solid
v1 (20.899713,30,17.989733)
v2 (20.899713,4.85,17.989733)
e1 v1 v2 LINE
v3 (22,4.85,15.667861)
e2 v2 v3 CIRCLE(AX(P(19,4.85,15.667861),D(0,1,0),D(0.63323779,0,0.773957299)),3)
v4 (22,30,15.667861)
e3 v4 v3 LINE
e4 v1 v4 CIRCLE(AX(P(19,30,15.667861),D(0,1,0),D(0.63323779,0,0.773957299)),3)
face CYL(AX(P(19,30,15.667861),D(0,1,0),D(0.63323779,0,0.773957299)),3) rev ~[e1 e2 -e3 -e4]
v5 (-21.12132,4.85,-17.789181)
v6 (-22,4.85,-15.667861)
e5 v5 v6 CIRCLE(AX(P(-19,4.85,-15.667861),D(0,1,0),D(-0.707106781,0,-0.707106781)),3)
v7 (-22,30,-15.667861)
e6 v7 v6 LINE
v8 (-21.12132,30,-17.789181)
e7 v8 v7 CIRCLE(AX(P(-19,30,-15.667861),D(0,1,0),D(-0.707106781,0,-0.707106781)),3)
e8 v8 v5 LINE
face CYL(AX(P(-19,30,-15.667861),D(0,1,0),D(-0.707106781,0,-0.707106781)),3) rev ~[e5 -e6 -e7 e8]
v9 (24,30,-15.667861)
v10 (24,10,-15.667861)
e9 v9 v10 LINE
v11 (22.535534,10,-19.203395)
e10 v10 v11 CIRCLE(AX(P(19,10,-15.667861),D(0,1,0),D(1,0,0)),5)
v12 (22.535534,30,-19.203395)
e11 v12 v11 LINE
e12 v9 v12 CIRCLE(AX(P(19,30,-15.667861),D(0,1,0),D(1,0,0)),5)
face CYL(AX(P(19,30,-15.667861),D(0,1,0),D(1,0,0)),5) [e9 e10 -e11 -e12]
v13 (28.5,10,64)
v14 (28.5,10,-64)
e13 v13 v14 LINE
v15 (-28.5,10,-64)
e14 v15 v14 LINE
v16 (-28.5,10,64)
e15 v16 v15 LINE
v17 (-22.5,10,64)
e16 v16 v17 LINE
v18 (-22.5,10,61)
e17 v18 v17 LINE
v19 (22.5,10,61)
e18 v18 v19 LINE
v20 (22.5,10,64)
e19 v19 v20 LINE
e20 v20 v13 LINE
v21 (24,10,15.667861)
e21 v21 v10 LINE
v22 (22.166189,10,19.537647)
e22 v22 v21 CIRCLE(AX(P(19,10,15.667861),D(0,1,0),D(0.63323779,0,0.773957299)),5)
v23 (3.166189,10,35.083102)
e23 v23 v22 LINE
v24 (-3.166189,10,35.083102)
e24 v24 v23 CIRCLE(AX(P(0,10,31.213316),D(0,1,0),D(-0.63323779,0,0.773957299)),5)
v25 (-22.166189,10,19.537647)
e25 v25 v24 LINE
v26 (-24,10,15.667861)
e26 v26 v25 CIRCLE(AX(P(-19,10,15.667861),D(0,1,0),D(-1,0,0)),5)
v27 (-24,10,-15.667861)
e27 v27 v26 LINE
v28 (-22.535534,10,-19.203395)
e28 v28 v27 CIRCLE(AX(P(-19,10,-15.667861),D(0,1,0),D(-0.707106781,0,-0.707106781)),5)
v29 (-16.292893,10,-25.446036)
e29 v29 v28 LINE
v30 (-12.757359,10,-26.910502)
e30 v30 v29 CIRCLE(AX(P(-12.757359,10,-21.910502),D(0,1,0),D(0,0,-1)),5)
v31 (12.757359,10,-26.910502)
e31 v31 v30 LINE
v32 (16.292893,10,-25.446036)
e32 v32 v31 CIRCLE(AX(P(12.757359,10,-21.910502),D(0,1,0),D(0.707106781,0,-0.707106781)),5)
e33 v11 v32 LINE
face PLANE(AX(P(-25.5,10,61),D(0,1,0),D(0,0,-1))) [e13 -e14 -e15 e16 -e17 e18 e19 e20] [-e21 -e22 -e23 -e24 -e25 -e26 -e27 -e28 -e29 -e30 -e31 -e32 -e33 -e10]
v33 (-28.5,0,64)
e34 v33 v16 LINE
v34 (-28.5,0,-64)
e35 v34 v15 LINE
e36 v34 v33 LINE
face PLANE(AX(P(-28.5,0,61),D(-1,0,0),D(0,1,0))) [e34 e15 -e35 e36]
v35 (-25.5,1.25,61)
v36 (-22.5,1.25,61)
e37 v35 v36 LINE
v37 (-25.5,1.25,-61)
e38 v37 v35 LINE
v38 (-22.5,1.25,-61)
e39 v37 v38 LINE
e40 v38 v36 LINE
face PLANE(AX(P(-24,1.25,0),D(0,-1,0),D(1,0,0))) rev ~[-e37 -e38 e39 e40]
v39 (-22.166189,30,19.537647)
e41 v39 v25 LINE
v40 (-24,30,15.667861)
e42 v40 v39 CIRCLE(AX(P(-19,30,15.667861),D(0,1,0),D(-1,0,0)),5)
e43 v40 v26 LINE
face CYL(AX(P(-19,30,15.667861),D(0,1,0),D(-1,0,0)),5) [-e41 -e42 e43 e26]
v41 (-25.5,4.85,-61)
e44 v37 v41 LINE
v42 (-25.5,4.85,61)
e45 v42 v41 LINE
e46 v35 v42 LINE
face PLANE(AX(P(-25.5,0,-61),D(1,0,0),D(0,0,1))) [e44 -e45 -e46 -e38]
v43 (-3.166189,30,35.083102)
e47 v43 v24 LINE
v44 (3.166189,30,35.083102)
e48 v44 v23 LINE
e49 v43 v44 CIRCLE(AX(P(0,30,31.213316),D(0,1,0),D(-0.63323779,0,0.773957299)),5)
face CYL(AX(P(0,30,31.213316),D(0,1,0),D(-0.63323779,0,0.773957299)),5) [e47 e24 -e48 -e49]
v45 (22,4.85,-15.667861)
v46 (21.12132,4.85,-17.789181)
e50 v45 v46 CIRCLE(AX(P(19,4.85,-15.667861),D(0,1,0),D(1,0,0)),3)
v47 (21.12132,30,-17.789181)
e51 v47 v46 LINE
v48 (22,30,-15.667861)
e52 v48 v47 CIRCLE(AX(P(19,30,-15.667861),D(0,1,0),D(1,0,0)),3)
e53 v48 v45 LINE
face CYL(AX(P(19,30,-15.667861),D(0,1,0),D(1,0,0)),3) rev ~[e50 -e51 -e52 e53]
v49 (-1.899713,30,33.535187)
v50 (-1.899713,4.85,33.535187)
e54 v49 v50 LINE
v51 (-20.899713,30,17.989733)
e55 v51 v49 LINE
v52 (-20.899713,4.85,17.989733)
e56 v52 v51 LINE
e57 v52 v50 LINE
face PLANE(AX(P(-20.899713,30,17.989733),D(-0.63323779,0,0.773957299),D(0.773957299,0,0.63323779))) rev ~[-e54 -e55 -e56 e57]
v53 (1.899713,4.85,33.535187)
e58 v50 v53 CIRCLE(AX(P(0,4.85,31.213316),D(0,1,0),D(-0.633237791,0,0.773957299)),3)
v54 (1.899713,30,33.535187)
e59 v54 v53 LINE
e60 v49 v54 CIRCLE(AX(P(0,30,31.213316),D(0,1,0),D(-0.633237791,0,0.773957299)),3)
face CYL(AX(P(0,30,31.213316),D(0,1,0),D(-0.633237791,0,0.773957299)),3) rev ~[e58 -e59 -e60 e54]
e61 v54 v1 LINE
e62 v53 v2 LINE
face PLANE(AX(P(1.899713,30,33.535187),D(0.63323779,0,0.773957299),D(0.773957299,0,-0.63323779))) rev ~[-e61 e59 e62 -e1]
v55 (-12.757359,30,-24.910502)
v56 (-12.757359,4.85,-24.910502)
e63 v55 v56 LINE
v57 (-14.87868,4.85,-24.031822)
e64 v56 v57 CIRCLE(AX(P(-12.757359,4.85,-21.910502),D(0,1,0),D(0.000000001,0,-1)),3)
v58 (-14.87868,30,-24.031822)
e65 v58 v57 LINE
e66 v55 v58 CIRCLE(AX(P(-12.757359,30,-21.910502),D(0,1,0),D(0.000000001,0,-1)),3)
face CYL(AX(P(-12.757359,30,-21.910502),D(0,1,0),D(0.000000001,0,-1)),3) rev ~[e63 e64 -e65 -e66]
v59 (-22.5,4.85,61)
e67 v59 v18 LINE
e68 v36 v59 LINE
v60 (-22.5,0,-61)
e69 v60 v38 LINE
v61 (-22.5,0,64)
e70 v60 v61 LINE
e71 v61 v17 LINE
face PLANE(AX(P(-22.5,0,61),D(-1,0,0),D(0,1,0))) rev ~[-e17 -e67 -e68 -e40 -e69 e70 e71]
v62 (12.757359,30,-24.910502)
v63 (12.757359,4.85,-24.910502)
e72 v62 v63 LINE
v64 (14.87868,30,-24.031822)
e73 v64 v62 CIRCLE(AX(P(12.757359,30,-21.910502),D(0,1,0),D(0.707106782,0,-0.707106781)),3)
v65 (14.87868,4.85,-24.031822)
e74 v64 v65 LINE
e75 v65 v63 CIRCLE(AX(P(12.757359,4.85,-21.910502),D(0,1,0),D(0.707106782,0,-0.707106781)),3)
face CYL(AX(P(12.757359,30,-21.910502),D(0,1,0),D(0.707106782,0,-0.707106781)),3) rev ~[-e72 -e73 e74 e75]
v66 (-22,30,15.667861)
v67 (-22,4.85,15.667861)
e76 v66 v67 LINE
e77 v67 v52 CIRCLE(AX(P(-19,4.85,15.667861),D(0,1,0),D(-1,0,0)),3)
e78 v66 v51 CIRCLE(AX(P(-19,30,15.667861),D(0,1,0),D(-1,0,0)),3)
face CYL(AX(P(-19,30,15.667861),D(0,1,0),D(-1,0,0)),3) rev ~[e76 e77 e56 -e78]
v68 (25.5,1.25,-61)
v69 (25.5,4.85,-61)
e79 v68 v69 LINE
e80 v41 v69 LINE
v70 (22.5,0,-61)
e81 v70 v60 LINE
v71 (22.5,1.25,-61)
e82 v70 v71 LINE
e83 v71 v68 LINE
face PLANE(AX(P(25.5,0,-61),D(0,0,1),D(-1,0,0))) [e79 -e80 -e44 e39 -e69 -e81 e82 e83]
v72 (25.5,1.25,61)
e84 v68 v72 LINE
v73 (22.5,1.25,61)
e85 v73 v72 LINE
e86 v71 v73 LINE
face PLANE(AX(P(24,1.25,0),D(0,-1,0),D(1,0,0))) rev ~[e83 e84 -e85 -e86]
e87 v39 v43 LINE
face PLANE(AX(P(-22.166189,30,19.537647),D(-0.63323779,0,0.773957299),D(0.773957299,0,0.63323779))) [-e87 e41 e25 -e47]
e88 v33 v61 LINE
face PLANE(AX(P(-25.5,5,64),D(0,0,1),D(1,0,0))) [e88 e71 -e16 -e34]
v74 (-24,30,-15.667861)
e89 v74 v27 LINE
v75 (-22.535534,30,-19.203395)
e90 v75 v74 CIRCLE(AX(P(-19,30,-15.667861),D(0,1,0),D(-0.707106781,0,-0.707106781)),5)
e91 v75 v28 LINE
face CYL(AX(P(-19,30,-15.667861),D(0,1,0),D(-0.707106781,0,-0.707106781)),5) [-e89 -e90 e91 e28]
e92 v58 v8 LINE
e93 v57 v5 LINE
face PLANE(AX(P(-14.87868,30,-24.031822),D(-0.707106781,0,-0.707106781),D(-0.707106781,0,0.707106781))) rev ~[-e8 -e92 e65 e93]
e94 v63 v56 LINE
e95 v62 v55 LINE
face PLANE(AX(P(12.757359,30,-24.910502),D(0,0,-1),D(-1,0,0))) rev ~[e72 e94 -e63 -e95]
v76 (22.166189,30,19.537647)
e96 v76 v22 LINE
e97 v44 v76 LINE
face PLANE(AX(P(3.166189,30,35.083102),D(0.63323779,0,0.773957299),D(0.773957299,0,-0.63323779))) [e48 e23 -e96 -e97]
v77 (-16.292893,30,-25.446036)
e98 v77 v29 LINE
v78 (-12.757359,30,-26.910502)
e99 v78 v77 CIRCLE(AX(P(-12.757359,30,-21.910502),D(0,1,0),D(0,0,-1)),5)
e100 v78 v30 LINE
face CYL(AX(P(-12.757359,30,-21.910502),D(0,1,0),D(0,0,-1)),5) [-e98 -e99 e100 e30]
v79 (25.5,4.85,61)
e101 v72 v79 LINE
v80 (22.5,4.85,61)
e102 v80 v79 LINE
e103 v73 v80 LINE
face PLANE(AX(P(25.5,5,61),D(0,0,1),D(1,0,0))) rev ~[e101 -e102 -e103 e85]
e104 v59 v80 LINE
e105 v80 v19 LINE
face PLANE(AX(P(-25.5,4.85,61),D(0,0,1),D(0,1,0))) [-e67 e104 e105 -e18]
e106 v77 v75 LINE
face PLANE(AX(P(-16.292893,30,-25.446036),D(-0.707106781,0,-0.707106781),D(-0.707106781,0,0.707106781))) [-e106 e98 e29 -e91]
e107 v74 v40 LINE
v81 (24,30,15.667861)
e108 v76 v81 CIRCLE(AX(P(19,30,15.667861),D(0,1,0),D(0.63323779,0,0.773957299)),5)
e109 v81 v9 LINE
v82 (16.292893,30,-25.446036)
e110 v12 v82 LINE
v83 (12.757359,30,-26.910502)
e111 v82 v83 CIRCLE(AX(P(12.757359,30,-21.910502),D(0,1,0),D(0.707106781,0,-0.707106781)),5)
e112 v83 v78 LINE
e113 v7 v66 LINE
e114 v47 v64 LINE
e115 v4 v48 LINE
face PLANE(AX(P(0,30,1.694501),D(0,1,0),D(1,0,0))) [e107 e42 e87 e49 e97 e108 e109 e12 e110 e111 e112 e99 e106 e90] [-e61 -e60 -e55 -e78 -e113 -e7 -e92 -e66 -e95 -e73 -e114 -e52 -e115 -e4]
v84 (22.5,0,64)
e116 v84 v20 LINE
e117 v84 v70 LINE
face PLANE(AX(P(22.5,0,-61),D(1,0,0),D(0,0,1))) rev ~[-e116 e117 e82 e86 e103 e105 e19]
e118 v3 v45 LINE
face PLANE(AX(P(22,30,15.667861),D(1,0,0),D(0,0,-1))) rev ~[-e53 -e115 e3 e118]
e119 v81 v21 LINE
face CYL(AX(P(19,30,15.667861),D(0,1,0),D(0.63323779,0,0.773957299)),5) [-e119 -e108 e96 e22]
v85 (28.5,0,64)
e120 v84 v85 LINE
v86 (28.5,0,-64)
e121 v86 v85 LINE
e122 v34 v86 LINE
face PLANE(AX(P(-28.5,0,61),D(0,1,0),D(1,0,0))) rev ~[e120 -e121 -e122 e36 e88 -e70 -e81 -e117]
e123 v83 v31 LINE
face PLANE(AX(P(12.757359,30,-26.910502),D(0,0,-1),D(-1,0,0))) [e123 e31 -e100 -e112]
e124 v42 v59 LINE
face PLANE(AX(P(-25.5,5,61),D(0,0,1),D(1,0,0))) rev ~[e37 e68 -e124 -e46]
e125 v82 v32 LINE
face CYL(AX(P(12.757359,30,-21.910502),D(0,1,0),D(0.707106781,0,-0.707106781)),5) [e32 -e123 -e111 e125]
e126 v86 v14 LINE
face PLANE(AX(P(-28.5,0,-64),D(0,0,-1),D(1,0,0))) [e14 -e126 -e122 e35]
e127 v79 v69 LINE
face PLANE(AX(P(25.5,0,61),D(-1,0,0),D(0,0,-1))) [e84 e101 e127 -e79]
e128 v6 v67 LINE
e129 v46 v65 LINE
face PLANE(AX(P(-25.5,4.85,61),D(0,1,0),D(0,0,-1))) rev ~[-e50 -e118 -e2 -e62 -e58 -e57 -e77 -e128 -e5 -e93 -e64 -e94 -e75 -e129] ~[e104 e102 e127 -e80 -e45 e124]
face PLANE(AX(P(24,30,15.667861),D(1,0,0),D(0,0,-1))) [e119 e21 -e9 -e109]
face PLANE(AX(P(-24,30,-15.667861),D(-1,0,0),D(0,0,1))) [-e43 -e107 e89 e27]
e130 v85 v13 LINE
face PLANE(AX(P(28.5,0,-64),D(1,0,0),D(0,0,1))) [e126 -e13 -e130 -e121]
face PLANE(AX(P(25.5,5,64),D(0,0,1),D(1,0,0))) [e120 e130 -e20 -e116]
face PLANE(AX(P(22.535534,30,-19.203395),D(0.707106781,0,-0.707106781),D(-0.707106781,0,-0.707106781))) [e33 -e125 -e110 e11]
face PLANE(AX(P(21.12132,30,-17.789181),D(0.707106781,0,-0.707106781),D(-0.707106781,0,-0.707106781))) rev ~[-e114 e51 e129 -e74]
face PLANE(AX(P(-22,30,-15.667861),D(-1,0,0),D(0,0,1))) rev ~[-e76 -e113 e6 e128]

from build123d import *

# Parameters (mm, degrees)
BOSS_EXTRUDE1_DEPTH = 10
SKETCH2_W           = 3
SKETCH2_H           = 122
BOSS_EXTRUDE2_DEPTH = 1.25
SKETCH3_W           = 6
SKETCH3_H           = 10
BOSS_EXTRUDE3_DEPTH = 3
SKETCH4_W           = 122
SKETCH4_H           = 5.15
BOSS_EXTRUDE4_DEPTH = 52
CUT_EXTRUDE1_DEPTH  = 52
BOSS_EXTRUDE6_START = 20
BOSS_EXTRUDE6_DEPTH = 20


with BuildPart() as part:
    # Sketch1 → Boss-Extrude1 (new body)
    with BuildSketch(Plane(origin=(0, 0, 0), x_dir=(1, 0, 0), z_dir=(0, 1, 0))):
        Polygon((-28.5, 64), (28.5, 64), (28.5, -61), (25.5, -61), (25.5, 61), (-25.5, 61), (-25.5, -61), (-28.5, -61), align=None)
    extrude(amount=BOSS_EXTRUDE1_DEPTH)

    # Sketch2 → Boss-Extrude2 (add)
    with BuildSketch(Plane.XZ):
        with Locations((-24, 0)):
            Rectangle(SKETCH2_W, SKETCH2_H)
        with Locations((24, 0)):
            Rectangle(SKETCH2_W, SKETCH2_H)
    extrude(amount=-BOSS_EXTRUDE2_DEPTH)

    # Sketch3 → Boss-Extrude3 (add)
    with BuildSketch(Plane.XY.offset(61)):
        with Locations((-25.5, 5)):
            Rectangle(SKETCH3_W, SKETCH3_H)
        with Locations((25.5, 5)):
            Rectangle(SKETCH3_W, SKETCH3_H)
    extrude(amount=BOSS_EXTRUDE3_DEPTH)

    # Sketch4 → Boss-Extrude4 (add)
    with BuildSketch(Plane(origin=(-25.5, 0, 0), x_dir=(0, 0, -1), z_dir=(1, 0, 0))):
        with Locations((0, 7.425)):
            Rectangle(SKETCH4_W, SKETCH4_H)
    extrude(amount=BOSS_EXTRUDE4_DEPTH)

    # Sketch5 → Cut-Extrude1 (cut)
    with BuildSketch(Plane(origin=(0, 10, 0), x_dir=(1, 0, 0), z_dir=(0, 1, 0))):
        with BuildLine():
            Line((-22, 15.667860965), (-22, -15.667860965))
            ThreePointArc((-22, -15.667860965), (-21.711009048, -16.952551567), (-20.899713371, -17.989732863))
            Line((-20.899713371, -17.989732863), (-1.899713371, -33.535187408))
            ThreePointArc((-1.899713371, -33.535187408), (0, -34.213315511), (1.899713371, -33.535187408))
            Line((1.899713371, -33.535187408), (20.899713371, -17.989732863))
            ThreePointArc((20.899713371, -17.989732863), (21.711009048, -16.952551567), (22, -15.667860965))
            Line((22, -15.667860965), (22, 15.667860965))
            ThreePointArc((22, 15.667860965), (21.771638598, 16.815911262), (21.121320344, 17.789181309))
            Line((21.121320344, 17.789181309), (14.878679656, 24.031821996))
            ThreePointArc((14.878679656, 24.031821996), (13.90540961, 24.68214025), (12.757359313, 24.910501652))
            Line((12.757359313, 24.910501652), (-12.757359313, 24.910501652))
            ThreePointArc((-12.757359313, 24.910501652), (-13.90540961, 24.68214025), (-14.878679656, 24.031821996))
            Line((-14.878679656, 24.031821996), (-21.121320344, 17.789181309))
            ThreePointArc((-21.121320344, 17.789181309), (-21.771638598, 16.815911262), (-22, 15.667860965))
        make_face()
    extrude(amount=-CUT_EXTRUDE1_DEPTH, mode=Mode.SUBTRACT)

    # Sketch6 → Boss-Extrude6 (add)
    with BuildSketch(Plane(origin=(0, 10, 0), x_dir=(1, 0, 0), z_dir=(0, 1, 0)).offset(BOSS_EXTRUDE6_START)):
        with BuildLine():
            Line((-22.166188951, -19.537647461), (-3.166188951, -35.083102007))
            ThreePointArc((-3.166188951, -35.083102007), (0, -36.213315511), (3.166188951, -35.083102007))
            Line((3.166188951, -35.083102007), (22.166188951, -19.537647461))
            ThreePointArc((22.166188951, -19.537647461), (23.518348413, -17.809011969), (24, -15.667860965))
            Line((24, -15.667860965), (24, 15.667860965))
            ThreePointArc((24, 15.667860965), (23.619397663, 17.581278127), (22.535533906, 19.203394871))
            Line((22.535533906, 19.203394871), (16.292893219, 25.446035558))
            ThreePointArc((16.292893219, 25.446035558), (14.670776475, 26.529899315), (12.757359313, 26.910501652))
            Line((12.757359313, 26.910501652), (-12.757359313, 26.910501652))
            ThreePointArc((-12.757359313, 26.910501652), (-14.670776475, 26.529899315), (-16.292893219, 25.446035558))
            Line((-16.292893219, 25.446035558), (-22.535533906, 19.203394871))
            ThreePointArc((-22.535533906, 19.203394871), (-23.619397663, 17.581278127), (-24, 15.667860965))
            Line((-24, 15.667860965), (-24, -15.667860965))
            ThreePointArc((-24, -15.667860965), (-23.518348413, -17.809011969), (-22.166188951, -19.537647461))
        make_face()
        with BuildLine():
            Line((-20.899713371, -17.989732863), (-1.899713371, -33.535187408))
            ThreePointArc((-1.899713371, -33.535187408), (0, -34.213315511), (1.899713371, -33.535187408))
            Line((1.899713371, -33.535187408), (20.899713371, -17.989732863))
            ThreePointArc((20.899713371, -17.989732863), (21.711009048, -16.952551567), (22, -15.667860965))
            Line((22, -15.667860965), (22, 15.667860965))
            ThreePointArc((22, 15.667860965), (21.771638598, 16.815911262), (21.121320344, 17.789181309))
            Line((21.121320344, 17.789181309), (14.878679656, 24.031821996))
            ThreePointArc((14.878679656, 24.031821996), (13.90540961, 24.68214025), (12.757359313, 24.910501652))
            Line((12.757359313, 24.910501652), (-12.757359313, 24.910501652))
            ThreePointArc((-12.757359313, 24.910501652), (-13.90540961, 24.68214025), (-14.878679656, 24.031821996))
            Line((-14.878679656, 24.031821996), (-21.121320344, 17.789181309))
            ThreePointArc((-21.121320344, 17.789181309), (-21.771638598, 16.815911262), (-22, 15.667860965))
            Line((-22, 15.667860965), (-22, -15.667860965))
            ThreePointArc((-22, -15.667860965), (-21.711009048, -16.952551567), (-20.899713371, -17.989732863))
        make_face(mode=Mode.SUBTRACT)
    extrude(amount=-BOSS_EXTRUDE6_DEPTH)


solid = part.part
